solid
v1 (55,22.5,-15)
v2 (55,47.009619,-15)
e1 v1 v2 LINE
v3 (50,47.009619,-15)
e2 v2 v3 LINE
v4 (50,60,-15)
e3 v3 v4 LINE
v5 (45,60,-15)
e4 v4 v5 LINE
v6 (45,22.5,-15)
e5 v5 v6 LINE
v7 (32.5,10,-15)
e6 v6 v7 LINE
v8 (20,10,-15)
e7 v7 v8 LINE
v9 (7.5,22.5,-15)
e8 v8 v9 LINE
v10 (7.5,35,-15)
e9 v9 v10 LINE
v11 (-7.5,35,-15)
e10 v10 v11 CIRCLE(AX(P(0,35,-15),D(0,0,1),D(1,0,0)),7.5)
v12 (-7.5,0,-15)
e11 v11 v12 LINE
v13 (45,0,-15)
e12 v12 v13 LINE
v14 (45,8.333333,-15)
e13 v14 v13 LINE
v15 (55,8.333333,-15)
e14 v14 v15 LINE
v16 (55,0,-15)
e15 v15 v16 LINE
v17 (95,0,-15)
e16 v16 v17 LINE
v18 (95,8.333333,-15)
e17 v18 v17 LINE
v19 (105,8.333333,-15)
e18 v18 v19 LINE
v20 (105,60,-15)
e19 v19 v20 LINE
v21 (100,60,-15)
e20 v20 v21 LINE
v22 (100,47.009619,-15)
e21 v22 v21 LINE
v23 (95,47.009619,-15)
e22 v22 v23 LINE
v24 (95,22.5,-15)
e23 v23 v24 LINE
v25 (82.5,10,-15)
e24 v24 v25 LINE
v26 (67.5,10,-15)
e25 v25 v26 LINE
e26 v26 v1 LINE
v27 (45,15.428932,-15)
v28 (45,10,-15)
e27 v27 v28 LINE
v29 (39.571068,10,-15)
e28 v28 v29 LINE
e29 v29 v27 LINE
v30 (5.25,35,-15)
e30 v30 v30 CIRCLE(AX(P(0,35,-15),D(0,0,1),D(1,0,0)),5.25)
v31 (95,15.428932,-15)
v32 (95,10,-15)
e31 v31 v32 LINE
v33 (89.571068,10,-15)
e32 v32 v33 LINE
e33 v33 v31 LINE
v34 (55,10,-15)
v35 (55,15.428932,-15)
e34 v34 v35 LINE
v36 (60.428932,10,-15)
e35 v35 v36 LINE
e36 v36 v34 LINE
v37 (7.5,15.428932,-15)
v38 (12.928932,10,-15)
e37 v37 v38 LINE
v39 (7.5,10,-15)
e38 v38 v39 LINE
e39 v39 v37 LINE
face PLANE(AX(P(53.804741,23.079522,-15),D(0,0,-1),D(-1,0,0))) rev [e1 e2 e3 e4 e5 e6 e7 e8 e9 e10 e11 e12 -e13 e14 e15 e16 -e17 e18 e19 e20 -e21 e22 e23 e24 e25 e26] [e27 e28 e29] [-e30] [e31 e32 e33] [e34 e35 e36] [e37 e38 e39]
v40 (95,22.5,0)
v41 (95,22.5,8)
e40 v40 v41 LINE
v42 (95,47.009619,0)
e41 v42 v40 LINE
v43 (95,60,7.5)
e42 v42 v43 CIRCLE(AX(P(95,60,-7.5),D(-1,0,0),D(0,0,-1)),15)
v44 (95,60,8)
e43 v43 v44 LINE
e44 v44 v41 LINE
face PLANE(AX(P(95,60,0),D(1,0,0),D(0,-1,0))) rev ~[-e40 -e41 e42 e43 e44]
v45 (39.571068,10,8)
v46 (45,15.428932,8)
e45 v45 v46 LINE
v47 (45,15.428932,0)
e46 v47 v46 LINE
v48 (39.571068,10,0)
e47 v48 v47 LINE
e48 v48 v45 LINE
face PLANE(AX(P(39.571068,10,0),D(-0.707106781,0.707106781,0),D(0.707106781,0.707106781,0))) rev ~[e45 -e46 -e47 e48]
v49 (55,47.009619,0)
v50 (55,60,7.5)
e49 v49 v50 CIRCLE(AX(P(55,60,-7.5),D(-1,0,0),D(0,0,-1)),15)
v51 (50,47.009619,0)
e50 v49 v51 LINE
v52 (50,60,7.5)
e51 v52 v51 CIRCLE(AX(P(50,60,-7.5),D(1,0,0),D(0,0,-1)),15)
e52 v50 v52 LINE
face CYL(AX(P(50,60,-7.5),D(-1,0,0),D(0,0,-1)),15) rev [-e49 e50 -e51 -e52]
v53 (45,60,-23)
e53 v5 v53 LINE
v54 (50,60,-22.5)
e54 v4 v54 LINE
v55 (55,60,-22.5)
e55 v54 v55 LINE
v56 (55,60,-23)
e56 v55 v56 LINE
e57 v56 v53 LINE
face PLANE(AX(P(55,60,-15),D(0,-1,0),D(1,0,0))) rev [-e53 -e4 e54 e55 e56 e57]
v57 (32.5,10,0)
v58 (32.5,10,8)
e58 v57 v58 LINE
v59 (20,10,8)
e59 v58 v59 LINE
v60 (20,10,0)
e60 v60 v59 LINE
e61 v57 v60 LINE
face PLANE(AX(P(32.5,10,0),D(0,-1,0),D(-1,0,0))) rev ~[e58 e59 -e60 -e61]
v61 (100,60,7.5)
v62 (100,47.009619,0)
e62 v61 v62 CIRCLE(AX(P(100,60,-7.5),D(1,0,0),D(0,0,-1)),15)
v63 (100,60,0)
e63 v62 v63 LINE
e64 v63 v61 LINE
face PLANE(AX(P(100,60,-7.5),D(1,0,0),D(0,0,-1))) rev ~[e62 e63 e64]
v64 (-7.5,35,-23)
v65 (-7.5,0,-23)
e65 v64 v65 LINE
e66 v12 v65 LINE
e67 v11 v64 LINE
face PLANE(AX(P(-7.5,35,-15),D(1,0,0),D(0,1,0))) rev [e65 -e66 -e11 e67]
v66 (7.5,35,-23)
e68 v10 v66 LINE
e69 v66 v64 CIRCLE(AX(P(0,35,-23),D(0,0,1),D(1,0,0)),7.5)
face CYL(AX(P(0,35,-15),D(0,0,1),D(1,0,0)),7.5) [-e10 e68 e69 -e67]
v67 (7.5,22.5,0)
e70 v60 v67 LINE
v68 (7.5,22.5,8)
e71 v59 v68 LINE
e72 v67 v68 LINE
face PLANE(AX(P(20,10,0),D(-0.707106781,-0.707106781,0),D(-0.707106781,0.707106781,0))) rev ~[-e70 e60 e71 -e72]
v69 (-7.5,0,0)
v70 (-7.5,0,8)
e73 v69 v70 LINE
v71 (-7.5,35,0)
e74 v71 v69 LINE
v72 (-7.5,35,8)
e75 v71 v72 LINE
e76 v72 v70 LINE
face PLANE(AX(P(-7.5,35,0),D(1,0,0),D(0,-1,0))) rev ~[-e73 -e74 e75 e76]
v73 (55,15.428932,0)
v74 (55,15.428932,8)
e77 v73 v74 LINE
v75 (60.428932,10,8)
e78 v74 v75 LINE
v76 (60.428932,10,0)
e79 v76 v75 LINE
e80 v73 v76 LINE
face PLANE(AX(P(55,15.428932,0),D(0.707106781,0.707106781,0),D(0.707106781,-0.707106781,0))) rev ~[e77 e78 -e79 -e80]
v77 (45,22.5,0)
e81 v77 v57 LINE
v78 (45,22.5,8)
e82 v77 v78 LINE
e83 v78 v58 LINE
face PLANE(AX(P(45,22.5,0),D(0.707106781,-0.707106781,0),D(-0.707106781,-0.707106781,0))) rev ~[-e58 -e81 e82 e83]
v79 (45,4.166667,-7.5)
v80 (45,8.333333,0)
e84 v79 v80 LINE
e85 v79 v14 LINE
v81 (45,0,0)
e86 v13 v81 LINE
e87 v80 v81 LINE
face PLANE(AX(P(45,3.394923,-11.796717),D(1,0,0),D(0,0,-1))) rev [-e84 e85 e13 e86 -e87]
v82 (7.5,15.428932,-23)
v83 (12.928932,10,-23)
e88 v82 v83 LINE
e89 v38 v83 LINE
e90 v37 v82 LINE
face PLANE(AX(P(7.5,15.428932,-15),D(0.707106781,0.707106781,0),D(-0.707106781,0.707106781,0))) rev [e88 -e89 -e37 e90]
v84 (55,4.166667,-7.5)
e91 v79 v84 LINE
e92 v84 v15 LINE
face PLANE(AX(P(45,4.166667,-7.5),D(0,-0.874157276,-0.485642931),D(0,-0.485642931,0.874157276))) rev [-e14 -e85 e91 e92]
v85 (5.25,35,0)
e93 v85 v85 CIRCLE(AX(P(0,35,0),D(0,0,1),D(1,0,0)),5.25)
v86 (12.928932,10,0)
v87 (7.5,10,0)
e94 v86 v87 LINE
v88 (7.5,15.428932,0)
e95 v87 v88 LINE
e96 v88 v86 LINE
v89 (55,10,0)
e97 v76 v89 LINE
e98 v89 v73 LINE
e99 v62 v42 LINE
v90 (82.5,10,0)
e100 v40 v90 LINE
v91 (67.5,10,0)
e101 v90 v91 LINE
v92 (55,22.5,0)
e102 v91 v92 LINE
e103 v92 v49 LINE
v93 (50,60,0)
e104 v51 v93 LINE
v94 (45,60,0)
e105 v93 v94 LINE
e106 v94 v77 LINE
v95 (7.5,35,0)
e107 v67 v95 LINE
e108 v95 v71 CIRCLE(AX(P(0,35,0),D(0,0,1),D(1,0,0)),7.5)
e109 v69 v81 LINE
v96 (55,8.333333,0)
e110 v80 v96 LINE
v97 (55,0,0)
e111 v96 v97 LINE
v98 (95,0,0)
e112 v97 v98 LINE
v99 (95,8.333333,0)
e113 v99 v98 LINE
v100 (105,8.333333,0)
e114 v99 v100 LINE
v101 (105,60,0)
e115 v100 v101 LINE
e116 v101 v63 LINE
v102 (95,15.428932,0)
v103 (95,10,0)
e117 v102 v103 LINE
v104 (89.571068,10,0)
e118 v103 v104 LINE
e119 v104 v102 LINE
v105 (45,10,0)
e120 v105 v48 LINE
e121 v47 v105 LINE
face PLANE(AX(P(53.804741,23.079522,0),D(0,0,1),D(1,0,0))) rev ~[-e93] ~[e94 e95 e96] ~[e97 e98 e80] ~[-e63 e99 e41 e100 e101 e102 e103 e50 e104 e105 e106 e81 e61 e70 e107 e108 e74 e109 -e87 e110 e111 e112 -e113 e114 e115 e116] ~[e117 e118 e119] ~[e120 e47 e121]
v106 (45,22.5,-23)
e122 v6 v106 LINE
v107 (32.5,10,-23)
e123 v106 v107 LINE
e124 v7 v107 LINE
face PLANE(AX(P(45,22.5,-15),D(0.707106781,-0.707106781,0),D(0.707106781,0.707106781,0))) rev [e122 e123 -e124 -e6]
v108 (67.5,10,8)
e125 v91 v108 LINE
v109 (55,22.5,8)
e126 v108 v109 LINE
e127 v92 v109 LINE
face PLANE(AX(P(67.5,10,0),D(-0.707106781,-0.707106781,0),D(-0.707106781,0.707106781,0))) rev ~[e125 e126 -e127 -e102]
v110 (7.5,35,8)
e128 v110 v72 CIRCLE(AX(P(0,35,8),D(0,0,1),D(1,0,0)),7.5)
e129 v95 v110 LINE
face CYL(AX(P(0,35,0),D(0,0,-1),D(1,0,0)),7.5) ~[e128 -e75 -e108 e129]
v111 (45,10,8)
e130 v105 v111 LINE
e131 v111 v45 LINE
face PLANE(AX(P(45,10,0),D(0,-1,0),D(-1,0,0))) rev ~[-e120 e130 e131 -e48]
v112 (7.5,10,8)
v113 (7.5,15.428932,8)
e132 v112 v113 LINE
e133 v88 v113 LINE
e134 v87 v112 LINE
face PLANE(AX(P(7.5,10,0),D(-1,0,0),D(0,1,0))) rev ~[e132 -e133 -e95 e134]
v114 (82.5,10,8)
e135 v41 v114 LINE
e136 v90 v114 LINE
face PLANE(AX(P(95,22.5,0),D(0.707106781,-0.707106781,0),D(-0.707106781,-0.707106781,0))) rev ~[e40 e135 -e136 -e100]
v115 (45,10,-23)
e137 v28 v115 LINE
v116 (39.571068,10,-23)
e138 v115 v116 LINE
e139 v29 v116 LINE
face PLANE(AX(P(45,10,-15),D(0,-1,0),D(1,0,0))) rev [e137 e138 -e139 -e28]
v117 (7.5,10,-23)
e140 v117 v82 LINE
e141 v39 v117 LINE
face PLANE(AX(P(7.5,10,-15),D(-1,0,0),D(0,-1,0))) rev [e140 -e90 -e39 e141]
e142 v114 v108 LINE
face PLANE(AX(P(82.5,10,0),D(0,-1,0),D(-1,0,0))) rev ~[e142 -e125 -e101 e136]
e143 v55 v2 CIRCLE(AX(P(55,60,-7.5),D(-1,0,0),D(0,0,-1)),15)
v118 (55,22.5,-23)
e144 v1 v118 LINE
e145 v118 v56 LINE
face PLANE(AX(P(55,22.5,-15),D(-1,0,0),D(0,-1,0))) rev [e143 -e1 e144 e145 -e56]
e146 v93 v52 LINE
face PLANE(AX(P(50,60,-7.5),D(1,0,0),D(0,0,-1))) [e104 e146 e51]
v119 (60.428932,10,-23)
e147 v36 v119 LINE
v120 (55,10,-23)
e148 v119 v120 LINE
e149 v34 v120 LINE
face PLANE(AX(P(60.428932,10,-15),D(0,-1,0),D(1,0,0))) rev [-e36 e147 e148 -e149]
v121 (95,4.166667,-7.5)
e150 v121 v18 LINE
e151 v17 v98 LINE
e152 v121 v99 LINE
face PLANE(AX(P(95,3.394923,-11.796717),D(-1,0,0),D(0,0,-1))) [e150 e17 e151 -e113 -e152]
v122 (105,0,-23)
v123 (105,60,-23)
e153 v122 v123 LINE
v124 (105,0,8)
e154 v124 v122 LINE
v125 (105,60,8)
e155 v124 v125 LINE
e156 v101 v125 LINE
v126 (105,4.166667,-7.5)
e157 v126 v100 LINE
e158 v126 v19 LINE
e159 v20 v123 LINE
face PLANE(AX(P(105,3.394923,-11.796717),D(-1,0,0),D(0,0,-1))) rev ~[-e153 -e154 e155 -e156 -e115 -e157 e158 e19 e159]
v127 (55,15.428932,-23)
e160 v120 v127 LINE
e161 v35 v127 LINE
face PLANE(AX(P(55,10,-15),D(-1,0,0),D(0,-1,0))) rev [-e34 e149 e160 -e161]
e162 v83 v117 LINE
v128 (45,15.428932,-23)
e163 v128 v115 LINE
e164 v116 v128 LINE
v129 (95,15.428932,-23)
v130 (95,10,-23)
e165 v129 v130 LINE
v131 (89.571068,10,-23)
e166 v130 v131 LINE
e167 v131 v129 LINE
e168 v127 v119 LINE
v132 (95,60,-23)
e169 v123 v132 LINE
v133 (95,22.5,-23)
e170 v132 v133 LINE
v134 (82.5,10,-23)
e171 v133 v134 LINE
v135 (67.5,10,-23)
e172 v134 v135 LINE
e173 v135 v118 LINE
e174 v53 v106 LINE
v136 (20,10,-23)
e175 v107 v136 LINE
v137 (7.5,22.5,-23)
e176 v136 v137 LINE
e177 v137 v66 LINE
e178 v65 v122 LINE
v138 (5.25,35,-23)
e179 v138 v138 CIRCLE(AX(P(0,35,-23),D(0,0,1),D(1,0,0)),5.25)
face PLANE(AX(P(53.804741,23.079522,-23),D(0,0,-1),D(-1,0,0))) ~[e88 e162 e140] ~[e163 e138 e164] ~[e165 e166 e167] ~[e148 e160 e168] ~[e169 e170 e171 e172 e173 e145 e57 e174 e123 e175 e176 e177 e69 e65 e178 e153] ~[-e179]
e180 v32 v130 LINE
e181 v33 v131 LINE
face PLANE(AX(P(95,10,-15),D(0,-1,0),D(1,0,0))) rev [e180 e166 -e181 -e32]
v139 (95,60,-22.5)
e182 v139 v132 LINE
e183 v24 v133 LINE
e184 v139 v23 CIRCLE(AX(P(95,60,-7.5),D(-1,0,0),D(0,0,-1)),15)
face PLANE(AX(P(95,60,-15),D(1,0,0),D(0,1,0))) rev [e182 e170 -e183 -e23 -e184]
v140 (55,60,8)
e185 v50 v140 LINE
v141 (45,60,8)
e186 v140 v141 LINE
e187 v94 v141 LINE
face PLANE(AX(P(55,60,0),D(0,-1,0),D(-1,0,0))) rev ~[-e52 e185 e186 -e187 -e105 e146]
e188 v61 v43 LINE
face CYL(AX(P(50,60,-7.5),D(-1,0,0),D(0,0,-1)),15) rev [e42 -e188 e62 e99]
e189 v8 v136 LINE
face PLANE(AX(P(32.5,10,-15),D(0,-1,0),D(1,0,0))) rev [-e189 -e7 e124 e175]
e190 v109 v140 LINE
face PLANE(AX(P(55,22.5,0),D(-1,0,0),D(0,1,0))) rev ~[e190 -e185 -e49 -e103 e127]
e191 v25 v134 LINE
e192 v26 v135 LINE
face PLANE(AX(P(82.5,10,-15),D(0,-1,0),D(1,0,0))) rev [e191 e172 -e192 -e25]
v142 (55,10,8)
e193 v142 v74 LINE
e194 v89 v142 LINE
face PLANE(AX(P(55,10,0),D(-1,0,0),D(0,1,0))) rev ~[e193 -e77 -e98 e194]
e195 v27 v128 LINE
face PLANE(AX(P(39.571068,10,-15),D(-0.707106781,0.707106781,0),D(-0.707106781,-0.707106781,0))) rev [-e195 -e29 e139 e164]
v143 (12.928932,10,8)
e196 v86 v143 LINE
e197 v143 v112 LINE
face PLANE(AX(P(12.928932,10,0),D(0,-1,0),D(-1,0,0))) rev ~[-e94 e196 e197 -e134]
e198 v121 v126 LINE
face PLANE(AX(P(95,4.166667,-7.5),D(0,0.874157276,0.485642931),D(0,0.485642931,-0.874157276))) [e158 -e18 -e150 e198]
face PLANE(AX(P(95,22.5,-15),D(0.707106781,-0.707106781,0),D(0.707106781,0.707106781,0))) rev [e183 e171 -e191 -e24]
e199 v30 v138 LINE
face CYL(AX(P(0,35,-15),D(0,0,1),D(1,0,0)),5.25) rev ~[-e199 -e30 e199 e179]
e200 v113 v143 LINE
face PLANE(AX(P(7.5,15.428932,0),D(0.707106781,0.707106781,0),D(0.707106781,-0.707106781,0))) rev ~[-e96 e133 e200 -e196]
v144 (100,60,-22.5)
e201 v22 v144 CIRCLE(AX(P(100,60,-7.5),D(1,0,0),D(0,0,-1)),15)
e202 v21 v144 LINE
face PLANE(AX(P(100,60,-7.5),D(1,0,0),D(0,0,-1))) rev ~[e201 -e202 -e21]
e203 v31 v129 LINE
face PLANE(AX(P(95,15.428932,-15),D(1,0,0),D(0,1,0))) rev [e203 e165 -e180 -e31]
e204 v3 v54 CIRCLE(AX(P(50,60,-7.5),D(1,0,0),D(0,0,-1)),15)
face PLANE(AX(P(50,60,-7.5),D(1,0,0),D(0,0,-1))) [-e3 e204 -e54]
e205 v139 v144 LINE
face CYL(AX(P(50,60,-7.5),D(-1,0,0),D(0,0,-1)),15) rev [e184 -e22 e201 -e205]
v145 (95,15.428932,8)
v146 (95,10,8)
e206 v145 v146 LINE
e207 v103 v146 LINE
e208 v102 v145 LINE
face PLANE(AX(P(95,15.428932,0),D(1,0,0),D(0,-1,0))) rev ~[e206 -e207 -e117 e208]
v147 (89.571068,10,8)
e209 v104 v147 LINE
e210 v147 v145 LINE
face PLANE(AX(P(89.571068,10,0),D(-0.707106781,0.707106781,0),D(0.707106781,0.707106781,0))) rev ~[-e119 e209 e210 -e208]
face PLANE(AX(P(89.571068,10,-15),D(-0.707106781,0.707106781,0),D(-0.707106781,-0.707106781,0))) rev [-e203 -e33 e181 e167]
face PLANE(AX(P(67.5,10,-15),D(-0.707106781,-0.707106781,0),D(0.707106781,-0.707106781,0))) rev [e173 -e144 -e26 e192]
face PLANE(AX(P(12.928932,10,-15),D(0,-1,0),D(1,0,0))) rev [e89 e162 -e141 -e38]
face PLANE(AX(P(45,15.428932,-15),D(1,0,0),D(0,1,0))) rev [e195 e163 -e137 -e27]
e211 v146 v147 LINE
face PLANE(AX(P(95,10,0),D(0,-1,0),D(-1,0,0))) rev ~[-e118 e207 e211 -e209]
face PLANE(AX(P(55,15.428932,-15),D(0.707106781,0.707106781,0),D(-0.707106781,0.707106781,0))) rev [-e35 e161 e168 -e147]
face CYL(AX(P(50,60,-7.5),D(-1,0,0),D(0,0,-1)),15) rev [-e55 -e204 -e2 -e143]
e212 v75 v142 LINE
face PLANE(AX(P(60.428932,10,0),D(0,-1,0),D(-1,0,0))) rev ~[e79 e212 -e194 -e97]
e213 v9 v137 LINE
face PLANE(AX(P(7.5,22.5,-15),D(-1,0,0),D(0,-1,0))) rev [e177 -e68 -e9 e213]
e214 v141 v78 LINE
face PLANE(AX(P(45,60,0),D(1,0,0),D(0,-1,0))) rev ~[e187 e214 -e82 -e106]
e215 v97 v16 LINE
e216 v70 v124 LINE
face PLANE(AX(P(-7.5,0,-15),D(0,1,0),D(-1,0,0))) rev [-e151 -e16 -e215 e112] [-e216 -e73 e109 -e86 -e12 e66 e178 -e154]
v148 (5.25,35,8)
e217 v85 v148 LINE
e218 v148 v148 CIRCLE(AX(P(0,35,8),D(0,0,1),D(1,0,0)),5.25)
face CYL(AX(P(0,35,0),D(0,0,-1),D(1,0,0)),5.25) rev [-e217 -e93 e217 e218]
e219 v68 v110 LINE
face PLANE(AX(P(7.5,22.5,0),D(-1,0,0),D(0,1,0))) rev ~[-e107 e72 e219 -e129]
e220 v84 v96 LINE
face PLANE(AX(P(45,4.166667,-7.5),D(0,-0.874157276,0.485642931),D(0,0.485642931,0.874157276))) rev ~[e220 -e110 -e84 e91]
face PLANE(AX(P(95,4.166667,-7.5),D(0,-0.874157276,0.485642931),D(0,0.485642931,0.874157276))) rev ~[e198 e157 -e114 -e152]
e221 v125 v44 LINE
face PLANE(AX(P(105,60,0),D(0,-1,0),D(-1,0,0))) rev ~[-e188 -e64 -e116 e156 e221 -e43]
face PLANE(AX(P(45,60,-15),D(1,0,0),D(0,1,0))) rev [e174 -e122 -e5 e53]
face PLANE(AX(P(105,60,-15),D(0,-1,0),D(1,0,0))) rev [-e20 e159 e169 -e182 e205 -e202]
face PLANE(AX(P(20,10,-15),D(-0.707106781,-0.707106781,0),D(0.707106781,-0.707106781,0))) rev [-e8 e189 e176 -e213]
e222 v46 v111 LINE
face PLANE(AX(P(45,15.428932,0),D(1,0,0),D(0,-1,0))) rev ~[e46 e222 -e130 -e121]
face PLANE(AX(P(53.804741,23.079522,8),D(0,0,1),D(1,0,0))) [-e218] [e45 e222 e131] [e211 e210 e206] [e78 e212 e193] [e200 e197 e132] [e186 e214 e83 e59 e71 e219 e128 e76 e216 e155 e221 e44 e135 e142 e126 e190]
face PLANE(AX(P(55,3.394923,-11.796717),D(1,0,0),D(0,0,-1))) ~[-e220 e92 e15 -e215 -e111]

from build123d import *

# Parameters (mm, degrees)
SKETCH1_R            = 5.25
BOSS_EXTRUDE1_DEPTH  = 8
BOSS_EXTRUDE2_DEPTH  = 10
LPATTERN1_COUNT      = 2
LPATTERN1_PITCH      = 50
MIRROR1_COPY_1_DEPTH = 10
CUT_EXTRUDE1_START   = -5
SKETCH3_R            = 15
CUT_EXTRUDE1_DEPTH   = 50


with BuildPart() as part:
    # Sketch1 → Boss-Extrude1 (new body)
    with BuildSketch(Plane.XY):
        with BuildLine():
            Line((105, 0), (105, 60))
            Line((105, 60), (95, 60))
            Line((95, 60), (95, 22.5))
            Line((95, 22.5), (82.5, 10))
            Line((82.5, 10), (67.5, 10))
            Line((67.5, 10), (55, 22.5))
            Line((55, 22.5), (55, 60))
            Line((55, 60), (45, 60))
            Line((45, 60), (45, 22.5))
            Line((45, 22.5), (32.5, 10))
            Line((32.5, 10), (20, 10))
            Line((20, 10), (7.5, 22.5))
            Line((7.5, 22.5), (7.5, 35))
            ThreePointArc((7.5, 35), (0, 42.5), (-7.5, 35))
            Line((-7.5, 35), (-7.5, 0))
            Line((-7.5, 0), (105, 0))
        make_face()
        Polygon((45, 15.428932188), (45, 10), (39.571067812, 10), align=None, mode=Mode.SUBTRACT)
        Polygon((60.428932188, 10), (55, 10), (55, 15.428932188), align=None, mode=Mode.SUBTRACT)
        Polygon((95, 15.428932188), (95, 10), (89.571067812, 10), align=None, mode=Mode.SUBTRACT)
        with Locations((0, 35)):
            Circle(SKETCH1_R, mode=Mode.SUBTRACT)
        Polygon((7.5, 15.428932188), (12.928932188, 10), (7.5, 10), align=None, mode=Mode.SUBTRACT)
    boss_extrude1 = extrude(amount=BOSS_EXTRUDE1_DEPTH)

    # Sketch2 → Boss-Extrude2 (add)
    with BuildSketch(Plane(origin=(45, 0, 0), x_dir=(0, 0, -1), z_dir=(1, 0, 0))):
        Polygon((7.5, 4.166666667), (0, 8.333333333), (0, 0), (7.5, 0), align=None)
    boss_extrude2 = extrude(amount=BOSS_EXTRUDE2_DEPTH)

    # LPattern1: Boss-Extrude2 ×2
    with Locations(*[(i * LPATTERN1_PITCH, 0, 0) for i in range(1, LPATTERN1_COUNT)]):
        add(boss_extrude2)

    # Mirror1: Boss-Extrude1, Boss-Extrude2 across plane
    add(boss_extrude1.mirror(Plane(origin=(55, 0, -7.5), x_dir=(1, 0, 0), z_dir=(0, 0, 1))))
    add(boss_extrude2.mirror(Plane(origin=(55, 0, -7.5), x_dir=(1, 0, 0), z_dir=(0, 0, 1))))

    # Mirror1 copy 1 sketch → Mirror1 copy 1 (add)
    with BuildSketch(Plane(origin=(95, 0, -15), x_dir=(0, 0, 1), z_dir=(1, 0, 0))):
        Polygon((7.5, -4.166666667), (0, -8.333333333), (0, 0), (7.5, 0), align=None)
    extrude(amount=MIRROR1_COPY_1_DEPTH)

    # Sketch3 → Cut-Extrude1 (cut)
    with BuildSketch(Plane(origin=(55, 0, 0), x_dir=(0, 0, -1), z_dir=(1, 0, 0)).offset(CUT_EXTRUDE1_START)):
        with Locations((7.5, 60)):
            Circle(SKETCH3_R)
    extrude(amount=CUT_EXTRUDE1_DEPTH, mode=Mode.SUBTRACT)


solid = part.part
